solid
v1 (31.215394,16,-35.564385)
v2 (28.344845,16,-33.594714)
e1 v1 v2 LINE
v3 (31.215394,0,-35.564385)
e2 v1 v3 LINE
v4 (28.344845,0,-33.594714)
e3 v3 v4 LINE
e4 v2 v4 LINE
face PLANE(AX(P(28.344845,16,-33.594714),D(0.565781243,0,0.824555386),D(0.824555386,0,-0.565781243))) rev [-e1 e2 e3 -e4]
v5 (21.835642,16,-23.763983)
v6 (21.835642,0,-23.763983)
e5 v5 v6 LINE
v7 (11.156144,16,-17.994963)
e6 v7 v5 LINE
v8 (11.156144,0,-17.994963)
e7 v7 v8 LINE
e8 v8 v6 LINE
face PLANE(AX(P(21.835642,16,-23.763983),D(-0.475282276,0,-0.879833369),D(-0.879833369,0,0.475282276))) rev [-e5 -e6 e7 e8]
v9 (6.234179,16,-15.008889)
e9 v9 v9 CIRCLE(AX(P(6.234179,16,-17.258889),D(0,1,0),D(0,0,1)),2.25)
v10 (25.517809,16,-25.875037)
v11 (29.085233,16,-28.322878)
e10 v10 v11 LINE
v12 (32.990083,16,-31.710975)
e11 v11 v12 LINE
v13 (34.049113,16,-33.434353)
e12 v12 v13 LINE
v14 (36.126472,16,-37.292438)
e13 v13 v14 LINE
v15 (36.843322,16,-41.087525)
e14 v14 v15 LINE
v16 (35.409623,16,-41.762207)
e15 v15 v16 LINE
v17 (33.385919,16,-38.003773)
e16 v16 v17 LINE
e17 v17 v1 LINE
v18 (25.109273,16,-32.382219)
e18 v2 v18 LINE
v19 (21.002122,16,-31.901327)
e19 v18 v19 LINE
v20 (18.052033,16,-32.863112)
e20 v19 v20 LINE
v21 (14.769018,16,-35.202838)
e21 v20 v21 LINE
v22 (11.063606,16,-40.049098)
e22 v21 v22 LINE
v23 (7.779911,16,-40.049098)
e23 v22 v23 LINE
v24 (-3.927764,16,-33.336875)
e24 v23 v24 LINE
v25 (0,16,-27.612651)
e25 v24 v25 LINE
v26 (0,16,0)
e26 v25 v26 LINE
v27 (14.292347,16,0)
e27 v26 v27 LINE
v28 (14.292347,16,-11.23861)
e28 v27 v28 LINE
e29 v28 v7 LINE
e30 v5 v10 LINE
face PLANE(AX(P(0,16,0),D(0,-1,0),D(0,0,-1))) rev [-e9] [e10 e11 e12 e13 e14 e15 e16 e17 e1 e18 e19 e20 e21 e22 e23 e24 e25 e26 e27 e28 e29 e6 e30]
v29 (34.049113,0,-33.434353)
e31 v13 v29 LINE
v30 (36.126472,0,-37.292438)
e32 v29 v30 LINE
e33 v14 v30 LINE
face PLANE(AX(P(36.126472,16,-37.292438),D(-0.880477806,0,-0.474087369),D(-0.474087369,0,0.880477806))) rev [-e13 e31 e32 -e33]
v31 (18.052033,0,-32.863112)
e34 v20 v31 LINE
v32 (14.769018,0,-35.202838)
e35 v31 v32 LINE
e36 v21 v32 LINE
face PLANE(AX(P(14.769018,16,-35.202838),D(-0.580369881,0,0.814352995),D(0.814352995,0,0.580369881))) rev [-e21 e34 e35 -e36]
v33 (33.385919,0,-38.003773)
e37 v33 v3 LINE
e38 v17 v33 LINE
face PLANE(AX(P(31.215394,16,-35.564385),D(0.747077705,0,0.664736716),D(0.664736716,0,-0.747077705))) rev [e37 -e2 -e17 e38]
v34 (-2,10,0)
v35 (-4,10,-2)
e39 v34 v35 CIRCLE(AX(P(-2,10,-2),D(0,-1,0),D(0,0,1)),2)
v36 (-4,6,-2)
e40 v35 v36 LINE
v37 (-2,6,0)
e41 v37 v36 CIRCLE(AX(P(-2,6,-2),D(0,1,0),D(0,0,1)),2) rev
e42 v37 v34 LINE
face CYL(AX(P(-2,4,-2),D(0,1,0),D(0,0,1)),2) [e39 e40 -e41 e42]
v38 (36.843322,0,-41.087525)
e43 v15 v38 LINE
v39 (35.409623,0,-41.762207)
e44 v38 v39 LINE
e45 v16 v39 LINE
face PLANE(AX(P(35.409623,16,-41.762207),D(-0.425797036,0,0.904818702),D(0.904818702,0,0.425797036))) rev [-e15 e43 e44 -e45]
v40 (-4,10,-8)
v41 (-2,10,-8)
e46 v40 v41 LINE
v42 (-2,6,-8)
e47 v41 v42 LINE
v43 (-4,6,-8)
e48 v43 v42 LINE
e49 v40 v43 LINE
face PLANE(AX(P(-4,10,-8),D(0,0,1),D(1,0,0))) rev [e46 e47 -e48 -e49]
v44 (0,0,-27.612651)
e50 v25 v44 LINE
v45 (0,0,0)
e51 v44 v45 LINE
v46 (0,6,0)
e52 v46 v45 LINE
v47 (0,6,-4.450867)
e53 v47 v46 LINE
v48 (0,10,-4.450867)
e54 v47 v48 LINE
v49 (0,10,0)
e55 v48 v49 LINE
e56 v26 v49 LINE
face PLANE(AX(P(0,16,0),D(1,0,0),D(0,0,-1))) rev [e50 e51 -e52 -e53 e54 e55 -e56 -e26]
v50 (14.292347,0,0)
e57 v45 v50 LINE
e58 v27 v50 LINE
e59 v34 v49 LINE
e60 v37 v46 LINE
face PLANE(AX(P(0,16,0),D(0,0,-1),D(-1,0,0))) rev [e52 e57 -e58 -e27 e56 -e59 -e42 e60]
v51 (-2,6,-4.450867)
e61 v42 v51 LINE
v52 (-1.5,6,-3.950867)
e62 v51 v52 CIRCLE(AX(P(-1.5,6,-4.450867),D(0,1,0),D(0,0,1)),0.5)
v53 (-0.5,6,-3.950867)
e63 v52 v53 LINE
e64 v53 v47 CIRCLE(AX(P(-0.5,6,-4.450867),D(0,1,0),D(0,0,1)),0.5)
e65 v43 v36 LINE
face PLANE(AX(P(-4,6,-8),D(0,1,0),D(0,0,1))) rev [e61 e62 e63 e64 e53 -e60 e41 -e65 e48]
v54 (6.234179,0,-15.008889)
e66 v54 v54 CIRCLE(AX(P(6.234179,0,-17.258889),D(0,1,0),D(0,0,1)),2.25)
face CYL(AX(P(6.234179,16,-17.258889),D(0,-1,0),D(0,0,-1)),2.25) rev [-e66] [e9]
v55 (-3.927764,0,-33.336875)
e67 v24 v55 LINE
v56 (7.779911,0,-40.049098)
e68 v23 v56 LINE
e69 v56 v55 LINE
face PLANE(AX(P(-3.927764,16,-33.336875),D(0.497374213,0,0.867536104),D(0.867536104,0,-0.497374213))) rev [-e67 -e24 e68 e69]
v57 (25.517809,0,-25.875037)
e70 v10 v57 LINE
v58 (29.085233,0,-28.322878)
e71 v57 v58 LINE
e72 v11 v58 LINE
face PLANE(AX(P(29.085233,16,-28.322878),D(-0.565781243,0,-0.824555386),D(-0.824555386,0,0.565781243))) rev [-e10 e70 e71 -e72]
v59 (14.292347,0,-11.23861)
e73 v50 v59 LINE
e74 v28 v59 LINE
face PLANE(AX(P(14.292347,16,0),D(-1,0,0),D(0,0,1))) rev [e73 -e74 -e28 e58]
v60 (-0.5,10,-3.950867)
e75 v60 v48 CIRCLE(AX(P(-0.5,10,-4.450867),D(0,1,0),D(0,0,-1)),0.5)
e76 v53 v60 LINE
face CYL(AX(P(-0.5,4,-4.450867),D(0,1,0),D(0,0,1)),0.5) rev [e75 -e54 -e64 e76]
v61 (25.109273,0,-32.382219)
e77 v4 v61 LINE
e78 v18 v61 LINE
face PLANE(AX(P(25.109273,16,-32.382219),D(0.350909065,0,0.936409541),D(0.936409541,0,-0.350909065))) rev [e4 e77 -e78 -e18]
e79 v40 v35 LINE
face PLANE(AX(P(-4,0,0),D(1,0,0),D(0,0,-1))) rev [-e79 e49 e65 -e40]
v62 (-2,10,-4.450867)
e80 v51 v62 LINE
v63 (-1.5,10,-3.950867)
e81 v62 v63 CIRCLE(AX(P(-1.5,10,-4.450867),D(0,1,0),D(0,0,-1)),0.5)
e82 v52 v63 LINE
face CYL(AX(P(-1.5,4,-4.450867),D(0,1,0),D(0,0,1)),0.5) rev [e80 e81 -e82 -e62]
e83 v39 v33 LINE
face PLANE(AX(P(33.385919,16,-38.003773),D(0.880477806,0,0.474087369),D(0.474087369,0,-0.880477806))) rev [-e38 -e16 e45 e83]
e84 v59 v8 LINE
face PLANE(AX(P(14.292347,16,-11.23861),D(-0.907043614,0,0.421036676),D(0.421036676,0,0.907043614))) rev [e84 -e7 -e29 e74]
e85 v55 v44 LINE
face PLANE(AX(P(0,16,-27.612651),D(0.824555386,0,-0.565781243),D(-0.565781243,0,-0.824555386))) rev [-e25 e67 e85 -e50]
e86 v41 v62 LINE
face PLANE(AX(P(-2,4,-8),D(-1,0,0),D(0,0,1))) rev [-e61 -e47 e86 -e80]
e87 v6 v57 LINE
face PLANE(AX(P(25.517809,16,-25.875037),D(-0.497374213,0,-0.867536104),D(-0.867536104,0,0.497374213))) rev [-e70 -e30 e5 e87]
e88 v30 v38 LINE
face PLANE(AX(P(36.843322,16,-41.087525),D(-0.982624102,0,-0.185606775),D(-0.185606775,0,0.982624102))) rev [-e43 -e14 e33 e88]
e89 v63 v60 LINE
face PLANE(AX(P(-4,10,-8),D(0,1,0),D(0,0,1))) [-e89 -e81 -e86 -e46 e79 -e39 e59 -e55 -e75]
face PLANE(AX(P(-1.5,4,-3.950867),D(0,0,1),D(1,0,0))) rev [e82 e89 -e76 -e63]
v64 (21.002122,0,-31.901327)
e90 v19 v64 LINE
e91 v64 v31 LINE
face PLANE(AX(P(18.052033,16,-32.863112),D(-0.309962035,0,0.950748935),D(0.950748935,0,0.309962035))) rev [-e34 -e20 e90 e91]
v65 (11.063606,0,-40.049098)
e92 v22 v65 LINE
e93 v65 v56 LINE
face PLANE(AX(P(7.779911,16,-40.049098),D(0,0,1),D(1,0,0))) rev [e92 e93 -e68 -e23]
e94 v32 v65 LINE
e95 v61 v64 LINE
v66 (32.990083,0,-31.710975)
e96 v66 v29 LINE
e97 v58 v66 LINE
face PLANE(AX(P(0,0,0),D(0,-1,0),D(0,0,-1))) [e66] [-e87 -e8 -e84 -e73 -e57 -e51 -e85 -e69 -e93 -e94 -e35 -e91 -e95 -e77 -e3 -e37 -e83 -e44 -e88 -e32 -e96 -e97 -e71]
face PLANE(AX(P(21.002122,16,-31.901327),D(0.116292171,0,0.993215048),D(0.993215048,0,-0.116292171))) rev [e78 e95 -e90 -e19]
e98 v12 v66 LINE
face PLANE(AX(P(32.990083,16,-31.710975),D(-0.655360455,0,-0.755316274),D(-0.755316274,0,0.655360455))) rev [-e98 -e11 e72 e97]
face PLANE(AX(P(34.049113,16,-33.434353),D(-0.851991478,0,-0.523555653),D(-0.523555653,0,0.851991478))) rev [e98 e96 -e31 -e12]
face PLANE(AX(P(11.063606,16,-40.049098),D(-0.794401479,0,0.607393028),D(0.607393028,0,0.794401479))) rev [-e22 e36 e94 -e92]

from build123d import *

# Parameters (mm, degrees)
SKETCH1_R           = 2.25
BOSS_EXTRUDE1_DEPTH = 16
SKETCH4_W           = 8
SKETCH4_H           = 4
BOSS_EXTRUDE3_DEPTH = 4
CUT_EXTRUDE2_DEPTH  = 6


with BuildPart() as part:
    # Sketch1 → Boss-Extrude1 (new body)
    with BuildSketch(Plane(origin=(0, 0, 0), x_dir=(1, 0, 0), z_dir=(0, 1, 0))):
        Polygon((0, 0), (14.292346673, 0), (14.292346673, 11.238609792), (11.156143946, 17.994963368), (21.835642334, 23.763983363), (25.517809154, 25.875036511), (29.085232636, 28.322878493), (32.990082947, 31.710975059), (34.049112719, 33.434353148), (36.126472393, 37.292437563), (36.843322223, 41.087524896), (35.409622564, 41.762207089), (33.385918935, 38.003772992), (31.21539446, 35.564385481), (28.344844636, 33.594713978), (25.109272652, 32.382219348), (21.002122002, 31.901327051), (18.052032719, 32.863111645), (14.769017999, 35.202837629), (11.063605769, 40.049098317), (7.779911083, 40.049098317), (-3.927764052, 33.33687542), (0, 27.612650649), align=None)
        with Locations((6.23417855, 17.258888852)):
            Circle(SKETCH1_R, mode=Mode.SUBTRACT)
    extrude(amount=BOSS_EXTRUDE1_DEPTH)

    # Sketch4 → Boss-Extrude3 (add)
    with BuildSketch(Plane.ZY):
        with Locations((-4, 8)):
            Rectangle(SKETCH4_W, SKETCH4_H)
    extrude(amount=BOSS_EXTRUDE3_DEPTH)

    # Sketch5 → Cut-Extrude2 (cut)
    with BuildSketch(Plane(origin=(0, 10, 0), x_dir=(1, 0, 0), z_dir=(0, 1, 0))):
        with BuildLine():
            Line((-2, 8), (-2, 4.450866614))
            ThreePointArc((-2, 4.450866614), (-1.853553391, 4.097313224), (-1.5, 3.950866614))
            Line((-1.5, 3.950866614), (-0.5, 3.950866614))
            ThreePointArc((-0.5, 3.950866614), (-0.146446609, 4.097313224), (0, 4.450866614))
            Line((0, 4.450866614), (0, 8))
            Line((0, 8), (-2, 8))
        make_face()
        with BuildLine():
            Line((-4, 2), (-4, 0))
            Line((-4, 0), (-2, 0))
            ThreePointArc((-2, 0), (-3.414213562, 0.585786438), (-4, 2))
        make_face()
    extrude(amount=-CUT_EXTRUDE2_DEPTH, mode=Mode.SUBTRACT)


solid = part.part
